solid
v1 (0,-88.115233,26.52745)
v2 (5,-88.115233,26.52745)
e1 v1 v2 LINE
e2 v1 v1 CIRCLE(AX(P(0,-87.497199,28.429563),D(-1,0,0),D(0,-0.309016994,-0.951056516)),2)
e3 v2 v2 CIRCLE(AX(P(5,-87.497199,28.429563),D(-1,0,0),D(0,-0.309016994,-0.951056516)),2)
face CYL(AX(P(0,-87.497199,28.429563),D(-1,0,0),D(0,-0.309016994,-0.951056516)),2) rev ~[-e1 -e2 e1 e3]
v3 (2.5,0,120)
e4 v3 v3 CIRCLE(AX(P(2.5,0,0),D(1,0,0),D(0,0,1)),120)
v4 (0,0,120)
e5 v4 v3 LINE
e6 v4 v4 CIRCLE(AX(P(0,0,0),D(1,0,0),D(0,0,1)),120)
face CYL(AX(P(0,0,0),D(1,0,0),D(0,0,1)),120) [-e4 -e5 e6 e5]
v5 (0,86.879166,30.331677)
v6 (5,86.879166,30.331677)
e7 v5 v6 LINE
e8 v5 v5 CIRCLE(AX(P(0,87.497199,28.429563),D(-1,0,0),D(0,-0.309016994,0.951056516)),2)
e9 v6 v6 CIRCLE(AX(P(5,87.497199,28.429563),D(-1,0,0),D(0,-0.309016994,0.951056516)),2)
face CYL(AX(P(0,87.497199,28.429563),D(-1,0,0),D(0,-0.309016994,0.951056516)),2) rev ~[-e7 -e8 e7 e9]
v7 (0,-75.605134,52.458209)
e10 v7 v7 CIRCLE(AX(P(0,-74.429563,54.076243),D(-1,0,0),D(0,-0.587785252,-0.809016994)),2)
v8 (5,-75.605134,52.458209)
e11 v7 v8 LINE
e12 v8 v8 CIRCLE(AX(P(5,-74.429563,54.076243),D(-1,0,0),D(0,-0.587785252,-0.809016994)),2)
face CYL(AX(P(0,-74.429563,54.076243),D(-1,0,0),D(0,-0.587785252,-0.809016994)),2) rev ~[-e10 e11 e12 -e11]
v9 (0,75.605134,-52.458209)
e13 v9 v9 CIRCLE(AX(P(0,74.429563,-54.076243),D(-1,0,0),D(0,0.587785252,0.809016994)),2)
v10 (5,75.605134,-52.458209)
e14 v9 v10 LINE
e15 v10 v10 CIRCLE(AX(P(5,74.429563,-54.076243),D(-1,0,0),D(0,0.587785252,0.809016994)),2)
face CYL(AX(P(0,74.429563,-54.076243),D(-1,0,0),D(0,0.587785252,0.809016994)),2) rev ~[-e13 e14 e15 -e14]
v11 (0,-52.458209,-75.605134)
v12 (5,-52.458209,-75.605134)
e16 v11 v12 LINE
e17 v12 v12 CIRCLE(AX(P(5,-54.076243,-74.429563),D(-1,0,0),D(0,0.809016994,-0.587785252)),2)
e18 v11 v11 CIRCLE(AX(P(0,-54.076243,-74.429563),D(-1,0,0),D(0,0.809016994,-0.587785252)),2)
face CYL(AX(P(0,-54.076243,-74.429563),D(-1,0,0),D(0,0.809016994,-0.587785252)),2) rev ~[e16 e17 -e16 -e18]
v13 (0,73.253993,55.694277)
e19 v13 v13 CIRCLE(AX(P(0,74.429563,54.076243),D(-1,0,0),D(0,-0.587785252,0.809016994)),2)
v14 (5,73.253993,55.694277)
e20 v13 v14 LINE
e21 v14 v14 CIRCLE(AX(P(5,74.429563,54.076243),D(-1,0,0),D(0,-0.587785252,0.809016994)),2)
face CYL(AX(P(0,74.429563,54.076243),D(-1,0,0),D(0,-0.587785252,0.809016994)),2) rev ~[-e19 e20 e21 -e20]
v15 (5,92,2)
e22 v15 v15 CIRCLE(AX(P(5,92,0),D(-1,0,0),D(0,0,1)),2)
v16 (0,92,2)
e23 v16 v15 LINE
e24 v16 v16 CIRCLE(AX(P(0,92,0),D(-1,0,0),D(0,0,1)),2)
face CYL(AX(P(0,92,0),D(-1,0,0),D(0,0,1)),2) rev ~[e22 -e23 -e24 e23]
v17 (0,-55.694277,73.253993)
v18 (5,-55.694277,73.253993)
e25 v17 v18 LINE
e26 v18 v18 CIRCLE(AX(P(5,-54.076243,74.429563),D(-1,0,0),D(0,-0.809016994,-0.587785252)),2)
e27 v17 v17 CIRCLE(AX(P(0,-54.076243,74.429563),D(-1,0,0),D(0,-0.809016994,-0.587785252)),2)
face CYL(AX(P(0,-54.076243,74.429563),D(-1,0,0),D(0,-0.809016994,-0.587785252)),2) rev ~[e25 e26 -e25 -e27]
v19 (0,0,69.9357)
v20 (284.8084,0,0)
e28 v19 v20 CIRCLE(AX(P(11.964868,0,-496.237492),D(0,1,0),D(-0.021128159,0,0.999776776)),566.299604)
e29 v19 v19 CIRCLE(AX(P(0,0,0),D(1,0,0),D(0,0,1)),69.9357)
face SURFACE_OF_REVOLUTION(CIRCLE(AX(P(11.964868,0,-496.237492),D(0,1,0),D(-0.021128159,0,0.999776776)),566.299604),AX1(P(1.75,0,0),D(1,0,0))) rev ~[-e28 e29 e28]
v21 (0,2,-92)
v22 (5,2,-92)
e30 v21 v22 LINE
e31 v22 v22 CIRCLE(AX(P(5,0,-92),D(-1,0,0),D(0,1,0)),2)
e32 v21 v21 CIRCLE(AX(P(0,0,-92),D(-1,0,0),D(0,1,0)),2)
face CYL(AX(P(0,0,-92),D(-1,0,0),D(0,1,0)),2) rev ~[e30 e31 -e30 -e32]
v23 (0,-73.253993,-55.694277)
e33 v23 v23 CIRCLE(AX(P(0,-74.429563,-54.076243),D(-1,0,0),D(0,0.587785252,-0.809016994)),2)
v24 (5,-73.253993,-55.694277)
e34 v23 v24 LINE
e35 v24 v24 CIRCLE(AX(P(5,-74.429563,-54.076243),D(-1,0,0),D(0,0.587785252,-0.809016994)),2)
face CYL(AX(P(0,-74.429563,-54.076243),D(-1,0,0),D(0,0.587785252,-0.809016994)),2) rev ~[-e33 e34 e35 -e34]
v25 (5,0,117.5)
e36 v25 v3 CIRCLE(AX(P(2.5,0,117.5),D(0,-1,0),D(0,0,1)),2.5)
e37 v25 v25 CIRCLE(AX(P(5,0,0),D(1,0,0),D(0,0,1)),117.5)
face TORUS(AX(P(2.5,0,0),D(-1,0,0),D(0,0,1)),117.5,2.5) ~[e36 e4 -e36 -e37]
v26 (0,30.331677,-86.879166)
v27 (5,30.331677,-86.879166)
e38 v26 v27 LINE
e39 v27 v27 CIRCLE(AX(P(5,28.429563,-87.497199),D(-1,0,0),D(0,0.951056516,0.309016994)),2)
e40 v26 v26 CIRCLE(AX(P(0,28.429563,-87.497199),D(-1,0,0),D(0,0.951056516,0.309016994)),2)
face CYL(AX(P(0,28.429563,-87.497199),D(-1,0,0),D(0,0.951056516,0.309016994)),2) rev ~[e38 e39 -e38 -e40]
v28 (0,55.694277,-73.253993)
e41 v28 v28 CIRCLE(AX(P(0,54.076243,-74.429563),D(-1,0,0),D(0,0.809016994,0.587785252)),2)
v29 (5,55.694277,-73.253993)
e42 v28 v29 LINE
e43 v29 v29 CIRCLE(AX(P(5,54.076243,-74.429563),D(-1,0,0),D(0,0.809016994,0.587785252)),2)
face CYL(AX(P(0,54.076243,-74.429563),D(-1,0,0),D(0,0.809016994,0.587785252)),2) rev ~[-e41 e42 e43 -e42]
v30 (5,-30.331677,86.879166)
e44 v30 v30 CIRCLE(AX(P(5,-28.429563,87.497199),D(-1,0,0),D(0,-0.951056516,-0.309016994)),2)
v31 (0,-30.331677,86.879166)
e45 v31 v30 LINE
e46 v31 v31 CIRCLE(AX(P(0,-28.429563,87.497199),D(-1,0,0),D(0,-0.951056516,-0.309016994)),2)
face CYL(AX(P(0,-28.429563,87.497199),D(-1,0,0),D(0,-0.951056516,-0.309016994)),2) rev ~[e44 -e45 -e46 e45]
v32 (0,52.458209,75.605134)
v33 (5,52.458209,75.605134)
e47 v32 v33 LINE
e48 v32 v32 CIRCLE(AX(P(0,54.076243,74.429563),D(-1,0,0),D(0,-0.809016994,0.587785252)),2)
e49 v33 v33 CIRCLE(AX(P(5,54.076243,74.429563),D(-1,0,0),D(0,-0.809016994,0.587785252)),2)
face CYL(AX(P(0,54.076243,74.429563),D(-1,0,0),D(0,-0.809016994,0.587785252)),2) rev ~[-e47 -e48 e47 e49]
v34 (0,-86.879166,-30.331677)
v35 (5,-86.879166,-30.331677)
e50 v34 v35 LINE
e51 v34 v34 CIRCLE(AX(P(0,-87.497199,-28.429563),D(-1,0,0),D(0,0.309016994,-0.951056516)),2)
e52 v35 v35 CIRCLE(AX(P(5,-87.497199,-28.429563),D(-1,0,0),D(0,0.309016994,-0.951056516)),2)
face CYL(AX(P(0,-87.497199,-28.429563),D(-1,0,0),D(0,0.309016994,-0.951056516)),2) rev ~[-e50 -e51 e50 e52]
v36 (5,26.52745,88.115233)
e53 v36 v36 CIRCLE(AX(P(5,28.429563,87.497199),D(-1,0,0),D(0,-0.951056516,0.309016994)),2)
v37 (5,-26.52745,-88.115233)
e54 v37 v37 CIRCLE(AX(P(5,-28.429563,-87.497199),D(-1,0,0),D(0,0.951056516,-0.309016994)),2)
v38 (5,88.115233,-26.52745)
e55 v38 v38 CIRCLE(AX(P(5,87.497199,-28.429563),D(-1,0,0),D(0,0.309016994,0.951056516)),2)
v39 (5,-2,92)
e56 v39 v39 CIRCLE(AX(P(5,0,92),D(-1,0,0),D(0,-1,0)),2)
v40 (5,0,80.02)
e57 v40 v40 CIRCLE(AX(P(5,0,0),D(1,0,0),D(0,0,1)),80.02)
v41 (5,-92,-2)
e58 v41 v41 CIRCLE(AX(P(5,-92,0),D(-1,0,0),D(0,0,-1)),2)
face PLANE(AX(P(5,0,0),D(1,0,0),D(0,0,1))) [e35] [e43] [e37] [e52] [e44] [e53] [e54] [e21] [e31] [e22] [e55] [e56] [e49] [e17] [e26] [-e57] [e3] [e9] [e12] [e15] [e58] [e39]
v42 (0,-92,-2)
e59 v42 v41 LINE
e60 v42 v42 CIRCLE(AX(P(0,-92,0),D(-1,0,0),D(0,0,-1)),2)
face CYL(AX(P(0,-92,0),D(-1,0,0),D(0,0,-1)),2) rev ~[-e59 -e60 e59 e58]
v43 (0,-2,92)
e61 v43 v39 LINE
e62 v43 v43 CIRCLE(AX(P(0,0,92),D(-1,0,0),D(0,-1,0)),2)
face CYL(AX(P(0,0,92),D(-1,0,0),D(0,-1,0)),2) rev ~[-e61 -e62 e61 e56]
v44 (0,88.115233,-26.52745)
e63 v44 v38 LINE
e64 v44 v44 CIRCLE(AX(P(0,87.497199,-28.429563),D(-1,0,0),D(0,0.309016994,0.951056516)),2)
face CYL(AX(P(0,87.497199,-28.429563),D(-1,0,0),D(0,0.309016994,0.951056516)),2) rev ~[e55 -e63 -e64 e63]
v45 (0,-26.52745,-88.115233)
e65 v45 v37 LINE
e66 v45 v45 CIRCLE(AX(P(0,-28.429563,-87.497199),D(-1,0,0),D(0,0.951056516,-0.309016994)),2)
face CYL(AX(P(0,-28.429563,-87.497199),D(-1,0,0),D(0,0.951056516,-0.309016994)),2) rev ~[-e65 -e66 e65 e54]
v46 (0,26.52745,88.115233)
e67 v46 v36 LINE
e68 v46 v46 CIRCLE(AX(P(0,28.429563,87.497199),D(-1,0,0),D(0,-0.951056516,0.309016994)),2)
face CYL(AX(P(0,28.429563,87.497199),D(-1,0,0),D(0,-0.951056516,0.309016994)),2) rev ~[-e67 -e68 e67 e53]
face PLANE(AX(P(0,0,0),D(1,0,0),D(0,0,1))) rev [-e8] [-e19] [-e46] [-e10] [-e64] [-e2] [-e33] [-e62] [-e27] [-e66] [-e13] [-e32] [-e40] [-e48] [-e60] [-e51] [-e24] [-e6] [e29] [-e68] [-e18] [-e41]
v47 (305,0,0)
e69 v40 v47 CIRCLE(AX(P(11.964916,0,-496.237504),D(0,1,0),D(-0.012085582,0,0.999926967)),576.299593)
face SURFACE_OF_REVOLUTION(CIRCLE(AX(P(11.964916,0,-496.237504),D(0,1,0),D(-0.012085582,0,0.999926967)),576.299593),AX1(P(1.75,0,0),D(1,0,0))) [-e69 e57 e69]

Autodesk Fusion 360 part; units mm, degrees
sketch "Sketch1" plane through (0, 0, 0) normal (0, 1, 0) x (1, 0, 0)
  line L0 (284.8084, 0) -> (305, 0) construction
  line L1 (305, 0) -> (305, -120) construction
  line L2 (305, -120) -> (0, -120) construction
  line L3 (0, -120) -> (0, -69.9357) construction
  line L4 (0, -69.9357) -> (0, -120)
  line L5 (5, -120) -> (5, -80.02)
  line L6 (0, -120) -> (5, -120)
  arc A0 (5, -80.02) -> (305, 0) centre (11.9649, 496.2375) ccw
  arc A1 (0, -69.9357) -> (284.8084, 0) centre (11.9649, 496.2375) ccw
  line L7 (305, 0) -> (303.3901, 0)
  line L8 (305, 0) -> (300.6101, 0)
  line L9 (305, 0) -> (284.8084, 0)
  dimension "d1" = 120
  dimension "d3" = 5
  dimension "d5" = 80.02
  dimension "d6" = 305
revolve "Revolve1" add sketch "Sketch1" angle 360 about axis through (1.75, 0, 0) along (1, 0, 0)
fillet "Fillet1" radius 2.5 1 edges at (5, -43.3939, -111.8793)
sketch "Sketch2" plane through (0, 0, 0) normal (-1, 0, 0) x (0, -1, 0)
  circle A0 centre (0, 0) radius 120
  circle A1 centre (0, 0) radius 69.9357
  line L0 (0, 0) -> (0, 143.5123) construction
  circle A2 centre (0, 92) radius 2
  dimension "d11" = 4
  dimension "d12" = 92
extrude "Extrude1" cut sketch "Sketch2" along normal mid plane 12 contours A2
pattern_circular "C-Pattern1" count 20 over 360 about axis through (1.75, 0, 0) along (1, 0, 0) of "Extrude1"
